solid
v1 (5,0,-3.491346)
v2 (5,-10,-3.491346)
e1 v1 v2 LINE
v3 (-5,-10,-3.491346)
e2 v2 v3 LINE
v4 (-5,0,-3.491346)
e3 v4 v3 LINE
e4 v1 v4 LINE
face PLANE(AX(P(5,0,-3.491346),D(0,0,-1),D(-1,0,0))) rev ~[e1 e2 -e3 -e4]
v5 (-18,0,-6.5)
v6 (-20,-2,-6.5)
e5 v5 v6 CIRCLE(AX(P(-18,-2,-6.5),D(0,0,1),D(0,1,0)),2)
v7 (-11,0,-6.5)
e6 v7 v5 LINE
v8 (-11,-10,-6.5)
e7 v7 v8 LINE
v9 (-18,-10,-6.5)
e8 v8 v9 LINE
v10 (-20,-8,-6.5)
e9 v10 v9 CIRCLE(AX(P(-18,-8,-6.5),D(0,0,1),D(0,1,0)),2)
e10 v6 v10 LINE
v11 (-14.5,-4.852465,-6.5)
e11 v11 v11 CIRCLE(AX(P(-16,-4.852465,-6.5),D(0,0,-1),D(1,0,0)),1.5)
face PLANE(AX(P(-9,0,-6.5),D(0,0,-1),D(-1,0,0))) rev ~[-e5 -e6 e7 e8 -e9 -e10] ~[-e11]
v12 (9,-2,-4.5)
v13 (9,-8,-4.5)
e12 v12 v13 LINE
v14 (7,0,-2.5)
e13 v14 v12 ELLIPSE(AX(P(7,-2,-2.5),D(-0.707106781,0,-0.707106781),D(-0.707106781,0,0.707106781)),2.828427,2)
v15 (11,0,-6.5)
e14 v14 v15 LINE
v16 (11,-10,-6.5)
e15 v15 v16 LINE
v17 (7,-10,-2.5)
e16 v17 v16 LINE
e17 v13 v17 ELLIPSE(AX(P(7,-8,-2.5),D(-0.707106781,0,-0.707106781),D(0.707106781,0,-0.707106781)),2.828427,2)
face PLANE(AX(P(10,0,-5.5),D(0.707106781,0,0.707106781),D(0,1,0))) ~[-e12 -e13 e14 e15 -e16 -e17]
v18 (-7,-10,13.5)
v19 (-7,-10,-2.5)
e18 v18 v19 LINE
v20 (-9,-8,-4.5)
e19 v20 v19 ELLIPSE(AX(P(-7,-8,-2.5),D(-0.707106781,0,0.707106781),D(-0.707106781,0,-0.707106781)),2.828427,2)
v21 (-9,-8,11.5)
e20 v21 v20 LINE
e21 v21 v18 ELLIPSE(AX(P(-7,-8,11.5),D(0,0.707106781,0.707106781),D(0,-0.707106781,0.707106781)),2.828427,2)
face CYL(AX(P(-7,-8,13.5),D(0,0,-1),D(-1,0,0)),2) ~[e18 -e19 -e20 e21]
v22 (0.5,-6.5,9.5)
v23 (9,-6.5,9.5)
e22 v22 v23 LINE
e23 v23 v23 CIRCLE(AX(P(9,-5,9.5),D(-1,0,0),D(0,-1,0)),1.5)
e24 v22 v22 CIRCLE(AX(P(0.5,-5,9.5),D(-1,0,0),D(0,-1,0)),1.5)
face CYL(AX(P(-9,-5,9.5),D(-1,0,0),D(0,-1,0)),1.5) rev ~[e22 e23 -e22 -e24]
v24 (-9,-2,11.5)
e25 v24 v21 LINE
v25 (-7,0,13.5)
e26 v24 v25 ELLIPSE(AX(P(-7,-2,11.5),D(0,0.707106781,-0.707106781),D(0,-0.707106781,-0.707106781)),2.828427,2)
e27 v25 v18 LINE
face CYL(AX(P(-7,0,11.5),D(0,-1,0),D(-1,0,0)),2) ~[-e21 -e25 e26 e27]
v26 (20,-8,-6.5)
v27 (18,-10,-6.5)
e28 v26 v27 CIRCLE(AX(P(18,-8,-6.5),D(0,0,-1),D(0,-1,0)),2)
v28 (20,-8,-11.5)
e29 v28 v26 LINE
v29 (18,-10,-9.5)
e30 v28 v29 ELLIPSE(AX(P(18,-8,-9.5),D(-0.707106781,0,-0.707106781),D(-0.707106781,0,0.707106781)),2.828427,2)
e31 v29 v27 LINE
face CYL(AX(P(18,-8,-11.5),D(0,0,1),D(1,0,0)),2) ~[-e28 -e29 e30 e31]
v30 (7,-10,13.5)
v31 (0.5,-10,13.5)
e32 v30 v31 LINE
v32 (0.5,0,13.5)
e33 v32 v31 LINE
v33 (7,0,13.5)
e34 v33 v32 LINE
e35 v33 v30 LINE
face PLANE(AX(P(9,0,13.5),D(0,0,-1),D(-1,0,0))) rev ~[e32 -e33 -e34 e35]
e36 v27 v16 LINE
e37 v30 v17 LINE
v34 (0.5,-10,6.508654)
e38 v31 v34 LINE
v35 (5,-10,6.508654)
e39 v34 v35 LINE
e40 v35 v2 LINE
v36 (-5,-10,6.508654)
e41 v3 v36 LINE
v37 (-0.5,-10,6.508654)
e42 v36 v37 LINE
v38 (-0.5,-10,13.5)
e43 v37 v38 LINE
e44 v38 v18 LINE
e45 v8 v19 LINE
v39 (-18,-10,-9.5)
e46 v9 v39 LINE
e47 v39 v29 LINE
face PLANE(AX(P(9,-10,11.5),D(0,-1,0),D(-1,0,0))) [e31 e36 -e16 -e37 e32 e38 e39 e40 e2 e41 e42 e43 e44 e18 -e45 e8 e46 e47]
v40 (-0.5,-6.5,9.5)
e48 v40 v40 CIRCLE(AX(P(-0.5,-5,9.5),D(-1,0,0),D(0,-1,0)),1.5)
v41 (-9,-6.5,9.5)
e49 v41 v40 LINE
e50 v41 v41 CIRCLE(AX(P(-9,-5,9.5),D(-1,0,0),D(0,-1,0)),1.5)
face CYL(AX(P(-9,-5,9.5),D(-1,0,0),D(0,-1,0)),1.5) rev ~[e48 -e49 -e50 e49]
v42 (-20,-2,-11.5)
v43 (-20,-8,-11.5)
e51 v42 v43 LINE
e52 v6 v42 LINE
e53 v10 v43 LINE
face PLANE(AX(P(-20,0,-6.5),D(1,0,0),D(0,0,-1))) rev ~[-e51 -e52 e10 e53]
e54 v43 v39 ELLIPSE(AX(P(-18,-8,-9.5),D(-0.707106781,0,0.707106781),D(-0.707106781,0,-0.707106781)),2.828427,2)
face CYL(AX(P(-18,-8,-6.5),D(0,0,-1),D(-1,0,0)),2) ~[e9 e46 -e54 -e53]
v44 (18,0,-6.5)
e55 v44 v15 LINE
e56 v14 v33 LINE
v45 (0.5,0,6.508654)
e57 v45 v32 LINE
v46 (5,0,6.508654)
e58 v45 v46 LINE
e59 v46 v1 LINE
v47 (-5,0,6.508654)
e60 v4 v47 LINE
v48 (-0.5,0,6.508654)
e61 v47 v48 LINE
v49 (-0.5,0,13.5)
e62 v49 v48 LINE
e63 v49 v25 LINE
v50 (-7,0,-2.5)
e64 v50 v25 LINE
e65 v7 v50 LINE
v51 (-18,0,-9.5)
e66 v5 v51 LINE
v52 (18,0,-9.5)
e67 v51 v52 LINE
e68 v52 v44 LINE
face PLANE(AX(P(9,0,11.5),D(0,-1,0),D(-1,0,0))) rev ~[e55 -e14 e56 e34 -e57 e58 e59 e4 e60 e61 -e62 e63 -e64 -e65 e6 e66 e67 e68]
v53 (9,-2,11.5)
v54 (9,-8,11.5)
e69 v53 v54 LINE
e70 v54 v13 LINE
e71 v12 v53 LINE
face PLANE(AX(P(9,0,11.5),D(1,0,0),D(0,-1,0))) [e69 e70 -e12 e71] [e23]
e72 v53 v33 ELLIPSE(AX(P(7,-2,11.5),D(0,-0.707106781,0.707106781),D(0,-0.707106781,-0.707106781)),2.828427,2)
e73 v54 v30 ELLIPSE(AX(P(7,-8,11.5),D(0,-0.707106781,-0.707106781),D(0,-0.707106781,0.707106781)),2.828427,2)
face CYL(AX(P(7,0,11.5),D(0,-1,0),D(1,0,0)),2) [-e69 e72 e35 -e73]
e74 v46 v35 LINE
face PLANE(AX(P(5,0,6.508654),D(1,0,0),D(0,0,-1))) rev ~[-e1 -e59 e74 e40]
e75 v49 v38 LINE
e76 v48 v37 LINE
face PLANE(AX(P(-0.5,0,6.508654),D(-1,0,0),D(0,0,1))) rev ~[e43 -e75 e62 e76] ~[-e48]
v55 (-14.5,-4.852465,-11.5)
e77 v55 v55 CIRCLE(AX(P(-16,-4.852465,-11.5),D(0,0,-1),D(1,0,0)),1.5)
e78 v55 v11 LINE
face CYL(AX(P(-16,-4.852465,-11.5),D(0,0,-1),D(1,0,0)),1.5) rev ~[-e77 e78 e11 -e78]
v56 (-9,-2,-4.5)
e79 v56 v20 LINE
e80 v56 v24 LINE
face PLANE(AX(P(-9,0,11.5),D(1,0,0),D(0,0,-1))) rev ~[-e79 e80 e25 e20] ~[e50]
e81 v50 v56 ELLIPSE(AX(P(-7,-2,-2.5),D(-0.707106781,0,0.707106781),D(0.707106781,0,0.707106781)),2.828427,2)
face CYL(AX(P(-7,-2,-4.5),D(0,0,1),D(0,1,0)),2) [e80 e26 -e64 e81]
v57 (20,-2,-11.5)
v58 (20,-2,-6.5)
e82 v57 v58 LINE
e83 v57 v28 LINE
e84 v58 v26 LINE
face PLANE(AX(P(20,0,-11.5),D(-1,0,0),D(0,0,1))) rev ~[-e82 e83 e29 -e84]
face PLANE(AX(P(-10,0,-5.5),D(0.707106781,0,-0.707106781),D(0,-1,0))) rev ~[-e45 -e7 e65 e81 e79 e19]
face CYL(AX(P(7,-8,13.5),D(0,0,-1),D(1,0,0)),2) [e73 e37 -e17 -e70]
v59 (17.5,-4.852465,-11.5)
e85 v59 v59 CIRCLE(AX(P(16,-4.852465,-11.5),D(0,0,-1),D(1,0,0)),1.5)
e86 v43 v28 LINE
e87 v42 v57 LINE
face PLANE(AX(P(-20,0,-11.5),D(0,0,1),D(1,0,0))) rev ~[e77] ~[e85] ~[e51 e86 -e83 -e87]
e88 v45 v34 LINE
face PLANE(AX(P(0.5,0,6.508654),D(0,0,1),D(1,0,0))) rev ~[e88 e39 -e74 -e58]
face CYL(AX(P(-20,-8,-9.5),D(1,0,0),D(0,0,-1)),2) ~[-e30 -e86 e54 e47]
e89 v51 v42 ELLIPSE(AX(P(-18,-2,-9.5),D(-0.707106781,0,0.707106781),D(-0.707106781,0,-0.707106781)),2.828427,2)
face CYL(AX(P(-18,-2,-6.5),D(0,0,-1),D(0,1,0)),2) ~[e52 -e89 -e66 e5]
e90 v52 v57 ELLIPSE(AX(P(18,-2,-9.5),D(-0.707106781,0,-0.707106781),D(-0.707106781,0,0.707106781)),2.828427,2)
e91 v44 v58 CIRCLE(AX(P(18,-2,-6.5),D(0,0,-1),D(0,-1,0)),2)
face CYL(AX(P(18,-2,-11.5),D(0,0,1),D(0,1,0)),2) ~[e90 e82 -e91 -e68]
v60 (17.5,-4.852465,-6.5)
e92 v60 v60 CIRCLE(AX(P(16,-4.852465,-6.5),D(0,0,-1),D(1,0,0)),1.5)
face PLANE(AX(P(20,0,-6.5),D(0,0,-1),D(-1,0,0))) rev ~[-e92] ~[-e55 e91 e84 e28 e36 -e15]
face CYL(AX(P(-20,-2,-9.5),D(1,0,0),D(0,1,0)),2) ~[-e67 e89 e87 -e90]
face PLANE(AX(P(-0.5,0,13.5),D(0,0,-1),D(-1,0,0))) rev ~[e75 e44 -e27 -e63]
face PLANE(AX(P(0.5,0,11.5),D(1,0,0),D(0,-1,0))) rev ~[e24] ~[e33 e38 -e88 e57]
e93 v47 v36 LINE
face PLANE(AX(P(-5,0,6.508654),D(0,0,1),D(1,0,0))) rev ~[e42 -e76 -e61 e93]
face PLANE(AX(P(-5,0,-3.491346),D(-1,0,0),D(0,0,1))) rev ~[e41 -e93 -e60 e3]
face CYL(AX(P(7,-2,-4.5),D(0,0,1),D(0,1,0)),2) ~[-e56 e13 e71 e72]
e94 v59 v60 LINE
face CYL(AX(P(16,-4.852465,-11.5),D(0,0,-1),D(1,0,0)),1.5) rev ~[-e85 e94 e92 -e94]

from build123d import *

# Parameters (mm, degrees)
F1_DEPTH = 10
F2_R     = 1.5
F3_DEPTH = 10.5
F4_R     = 1.5
F5_DEPTH = 25
F6_DEPTH = 2
F7_SIZE  = 2
F8_SIZE  = 2
F9_R     = 2


with BuildPart() as f1:
    # F0 (on Front) → F1 (new body)
    with BuildSketch(Plane.XZ):
        Polygon((-20, -11.5), (20, -11.5), (20, -6.5), (9, -6.5), (9, 11.5), (0.5, 11.5), (0.5, 6.5086536296), (5, 6.5086536296), (5, -3.4913463704), (-5, -3.4913463704), (-5, 6.5086536296), (-0.5, 6.5086536296), (-0.5, 11.5), (-9, 11.5), (-9, -6.5), (-20, -6.5), align=None)
    extrude(amount=F1_DEPTH)

    # F2 (on face) → F3 (cut)
    with BuildSketch(Plane(origin=(0, 0, -11.5), x_dir=(1, 0, 0), z_dir=(0, 0, -1))):
        with Locations((16, 4.8524653539)):
            Circle(F2_R)
        with Locations((-16, 4.8524653539)):
            Circle(F2_R)
    extrude(amount=-F3_DEPTH, mode=Mode.SUBTRACT)

    # F4 (on face) → F5 (cut)
    with BuildSketch(Plane(origin=(-9, 0, 0), x_dir=(0, -1, 0), z_dir=(-1, 0, 0))):
        with Locations((5, 9.5)):
            Circle(F4_R)
    extrude(amount=-F5_DEPTH, mode=Mode.SUBTRACT)

    # F6 (add): faces of the model
    f6_faces = [f1.faces().sort_by_distance(p)[0] for p in [
        (4.75, -5, 11.5),
        (-4.75, -5, 11.5),
    ]]
    extrude(f6_faces, amount=F6_DEPTH)

    # F7
    f7_edges = [f1.edges().sort_by_distance(p)[0] for p in [
        (-9, -5, -6.5),
    ]]
    chamfer(f7_edges, length=F7_SIZE)

    # F8
    f8_edges = [f1.edges().sort_by_distance(p)[0] for p in [
        (9, -5, -6.5),
    ]]
    chamfer(f8_edges, length=F8_SIZE)

    # F9
    f9_edges = [f1.edges().sort_by_distance(p)[0] for p in [
        (-20, -10, -9),
        (-20, 0, -9),
        (20, 0, -9),
        (20, -10, -9),
        (9, -5, 13.5),
        (-9, -5, 13.5),
        (-9, -10, 4.5),
        (9, -10, 4.5),
        (9, 0, 4.5),
        (-9, 0, 4.5),
        (0, 0, -11.5),
        (0, -10, -11.5),
    ]]
    fillet(f9_edges, radius=F9_R)


solid = f1.part
